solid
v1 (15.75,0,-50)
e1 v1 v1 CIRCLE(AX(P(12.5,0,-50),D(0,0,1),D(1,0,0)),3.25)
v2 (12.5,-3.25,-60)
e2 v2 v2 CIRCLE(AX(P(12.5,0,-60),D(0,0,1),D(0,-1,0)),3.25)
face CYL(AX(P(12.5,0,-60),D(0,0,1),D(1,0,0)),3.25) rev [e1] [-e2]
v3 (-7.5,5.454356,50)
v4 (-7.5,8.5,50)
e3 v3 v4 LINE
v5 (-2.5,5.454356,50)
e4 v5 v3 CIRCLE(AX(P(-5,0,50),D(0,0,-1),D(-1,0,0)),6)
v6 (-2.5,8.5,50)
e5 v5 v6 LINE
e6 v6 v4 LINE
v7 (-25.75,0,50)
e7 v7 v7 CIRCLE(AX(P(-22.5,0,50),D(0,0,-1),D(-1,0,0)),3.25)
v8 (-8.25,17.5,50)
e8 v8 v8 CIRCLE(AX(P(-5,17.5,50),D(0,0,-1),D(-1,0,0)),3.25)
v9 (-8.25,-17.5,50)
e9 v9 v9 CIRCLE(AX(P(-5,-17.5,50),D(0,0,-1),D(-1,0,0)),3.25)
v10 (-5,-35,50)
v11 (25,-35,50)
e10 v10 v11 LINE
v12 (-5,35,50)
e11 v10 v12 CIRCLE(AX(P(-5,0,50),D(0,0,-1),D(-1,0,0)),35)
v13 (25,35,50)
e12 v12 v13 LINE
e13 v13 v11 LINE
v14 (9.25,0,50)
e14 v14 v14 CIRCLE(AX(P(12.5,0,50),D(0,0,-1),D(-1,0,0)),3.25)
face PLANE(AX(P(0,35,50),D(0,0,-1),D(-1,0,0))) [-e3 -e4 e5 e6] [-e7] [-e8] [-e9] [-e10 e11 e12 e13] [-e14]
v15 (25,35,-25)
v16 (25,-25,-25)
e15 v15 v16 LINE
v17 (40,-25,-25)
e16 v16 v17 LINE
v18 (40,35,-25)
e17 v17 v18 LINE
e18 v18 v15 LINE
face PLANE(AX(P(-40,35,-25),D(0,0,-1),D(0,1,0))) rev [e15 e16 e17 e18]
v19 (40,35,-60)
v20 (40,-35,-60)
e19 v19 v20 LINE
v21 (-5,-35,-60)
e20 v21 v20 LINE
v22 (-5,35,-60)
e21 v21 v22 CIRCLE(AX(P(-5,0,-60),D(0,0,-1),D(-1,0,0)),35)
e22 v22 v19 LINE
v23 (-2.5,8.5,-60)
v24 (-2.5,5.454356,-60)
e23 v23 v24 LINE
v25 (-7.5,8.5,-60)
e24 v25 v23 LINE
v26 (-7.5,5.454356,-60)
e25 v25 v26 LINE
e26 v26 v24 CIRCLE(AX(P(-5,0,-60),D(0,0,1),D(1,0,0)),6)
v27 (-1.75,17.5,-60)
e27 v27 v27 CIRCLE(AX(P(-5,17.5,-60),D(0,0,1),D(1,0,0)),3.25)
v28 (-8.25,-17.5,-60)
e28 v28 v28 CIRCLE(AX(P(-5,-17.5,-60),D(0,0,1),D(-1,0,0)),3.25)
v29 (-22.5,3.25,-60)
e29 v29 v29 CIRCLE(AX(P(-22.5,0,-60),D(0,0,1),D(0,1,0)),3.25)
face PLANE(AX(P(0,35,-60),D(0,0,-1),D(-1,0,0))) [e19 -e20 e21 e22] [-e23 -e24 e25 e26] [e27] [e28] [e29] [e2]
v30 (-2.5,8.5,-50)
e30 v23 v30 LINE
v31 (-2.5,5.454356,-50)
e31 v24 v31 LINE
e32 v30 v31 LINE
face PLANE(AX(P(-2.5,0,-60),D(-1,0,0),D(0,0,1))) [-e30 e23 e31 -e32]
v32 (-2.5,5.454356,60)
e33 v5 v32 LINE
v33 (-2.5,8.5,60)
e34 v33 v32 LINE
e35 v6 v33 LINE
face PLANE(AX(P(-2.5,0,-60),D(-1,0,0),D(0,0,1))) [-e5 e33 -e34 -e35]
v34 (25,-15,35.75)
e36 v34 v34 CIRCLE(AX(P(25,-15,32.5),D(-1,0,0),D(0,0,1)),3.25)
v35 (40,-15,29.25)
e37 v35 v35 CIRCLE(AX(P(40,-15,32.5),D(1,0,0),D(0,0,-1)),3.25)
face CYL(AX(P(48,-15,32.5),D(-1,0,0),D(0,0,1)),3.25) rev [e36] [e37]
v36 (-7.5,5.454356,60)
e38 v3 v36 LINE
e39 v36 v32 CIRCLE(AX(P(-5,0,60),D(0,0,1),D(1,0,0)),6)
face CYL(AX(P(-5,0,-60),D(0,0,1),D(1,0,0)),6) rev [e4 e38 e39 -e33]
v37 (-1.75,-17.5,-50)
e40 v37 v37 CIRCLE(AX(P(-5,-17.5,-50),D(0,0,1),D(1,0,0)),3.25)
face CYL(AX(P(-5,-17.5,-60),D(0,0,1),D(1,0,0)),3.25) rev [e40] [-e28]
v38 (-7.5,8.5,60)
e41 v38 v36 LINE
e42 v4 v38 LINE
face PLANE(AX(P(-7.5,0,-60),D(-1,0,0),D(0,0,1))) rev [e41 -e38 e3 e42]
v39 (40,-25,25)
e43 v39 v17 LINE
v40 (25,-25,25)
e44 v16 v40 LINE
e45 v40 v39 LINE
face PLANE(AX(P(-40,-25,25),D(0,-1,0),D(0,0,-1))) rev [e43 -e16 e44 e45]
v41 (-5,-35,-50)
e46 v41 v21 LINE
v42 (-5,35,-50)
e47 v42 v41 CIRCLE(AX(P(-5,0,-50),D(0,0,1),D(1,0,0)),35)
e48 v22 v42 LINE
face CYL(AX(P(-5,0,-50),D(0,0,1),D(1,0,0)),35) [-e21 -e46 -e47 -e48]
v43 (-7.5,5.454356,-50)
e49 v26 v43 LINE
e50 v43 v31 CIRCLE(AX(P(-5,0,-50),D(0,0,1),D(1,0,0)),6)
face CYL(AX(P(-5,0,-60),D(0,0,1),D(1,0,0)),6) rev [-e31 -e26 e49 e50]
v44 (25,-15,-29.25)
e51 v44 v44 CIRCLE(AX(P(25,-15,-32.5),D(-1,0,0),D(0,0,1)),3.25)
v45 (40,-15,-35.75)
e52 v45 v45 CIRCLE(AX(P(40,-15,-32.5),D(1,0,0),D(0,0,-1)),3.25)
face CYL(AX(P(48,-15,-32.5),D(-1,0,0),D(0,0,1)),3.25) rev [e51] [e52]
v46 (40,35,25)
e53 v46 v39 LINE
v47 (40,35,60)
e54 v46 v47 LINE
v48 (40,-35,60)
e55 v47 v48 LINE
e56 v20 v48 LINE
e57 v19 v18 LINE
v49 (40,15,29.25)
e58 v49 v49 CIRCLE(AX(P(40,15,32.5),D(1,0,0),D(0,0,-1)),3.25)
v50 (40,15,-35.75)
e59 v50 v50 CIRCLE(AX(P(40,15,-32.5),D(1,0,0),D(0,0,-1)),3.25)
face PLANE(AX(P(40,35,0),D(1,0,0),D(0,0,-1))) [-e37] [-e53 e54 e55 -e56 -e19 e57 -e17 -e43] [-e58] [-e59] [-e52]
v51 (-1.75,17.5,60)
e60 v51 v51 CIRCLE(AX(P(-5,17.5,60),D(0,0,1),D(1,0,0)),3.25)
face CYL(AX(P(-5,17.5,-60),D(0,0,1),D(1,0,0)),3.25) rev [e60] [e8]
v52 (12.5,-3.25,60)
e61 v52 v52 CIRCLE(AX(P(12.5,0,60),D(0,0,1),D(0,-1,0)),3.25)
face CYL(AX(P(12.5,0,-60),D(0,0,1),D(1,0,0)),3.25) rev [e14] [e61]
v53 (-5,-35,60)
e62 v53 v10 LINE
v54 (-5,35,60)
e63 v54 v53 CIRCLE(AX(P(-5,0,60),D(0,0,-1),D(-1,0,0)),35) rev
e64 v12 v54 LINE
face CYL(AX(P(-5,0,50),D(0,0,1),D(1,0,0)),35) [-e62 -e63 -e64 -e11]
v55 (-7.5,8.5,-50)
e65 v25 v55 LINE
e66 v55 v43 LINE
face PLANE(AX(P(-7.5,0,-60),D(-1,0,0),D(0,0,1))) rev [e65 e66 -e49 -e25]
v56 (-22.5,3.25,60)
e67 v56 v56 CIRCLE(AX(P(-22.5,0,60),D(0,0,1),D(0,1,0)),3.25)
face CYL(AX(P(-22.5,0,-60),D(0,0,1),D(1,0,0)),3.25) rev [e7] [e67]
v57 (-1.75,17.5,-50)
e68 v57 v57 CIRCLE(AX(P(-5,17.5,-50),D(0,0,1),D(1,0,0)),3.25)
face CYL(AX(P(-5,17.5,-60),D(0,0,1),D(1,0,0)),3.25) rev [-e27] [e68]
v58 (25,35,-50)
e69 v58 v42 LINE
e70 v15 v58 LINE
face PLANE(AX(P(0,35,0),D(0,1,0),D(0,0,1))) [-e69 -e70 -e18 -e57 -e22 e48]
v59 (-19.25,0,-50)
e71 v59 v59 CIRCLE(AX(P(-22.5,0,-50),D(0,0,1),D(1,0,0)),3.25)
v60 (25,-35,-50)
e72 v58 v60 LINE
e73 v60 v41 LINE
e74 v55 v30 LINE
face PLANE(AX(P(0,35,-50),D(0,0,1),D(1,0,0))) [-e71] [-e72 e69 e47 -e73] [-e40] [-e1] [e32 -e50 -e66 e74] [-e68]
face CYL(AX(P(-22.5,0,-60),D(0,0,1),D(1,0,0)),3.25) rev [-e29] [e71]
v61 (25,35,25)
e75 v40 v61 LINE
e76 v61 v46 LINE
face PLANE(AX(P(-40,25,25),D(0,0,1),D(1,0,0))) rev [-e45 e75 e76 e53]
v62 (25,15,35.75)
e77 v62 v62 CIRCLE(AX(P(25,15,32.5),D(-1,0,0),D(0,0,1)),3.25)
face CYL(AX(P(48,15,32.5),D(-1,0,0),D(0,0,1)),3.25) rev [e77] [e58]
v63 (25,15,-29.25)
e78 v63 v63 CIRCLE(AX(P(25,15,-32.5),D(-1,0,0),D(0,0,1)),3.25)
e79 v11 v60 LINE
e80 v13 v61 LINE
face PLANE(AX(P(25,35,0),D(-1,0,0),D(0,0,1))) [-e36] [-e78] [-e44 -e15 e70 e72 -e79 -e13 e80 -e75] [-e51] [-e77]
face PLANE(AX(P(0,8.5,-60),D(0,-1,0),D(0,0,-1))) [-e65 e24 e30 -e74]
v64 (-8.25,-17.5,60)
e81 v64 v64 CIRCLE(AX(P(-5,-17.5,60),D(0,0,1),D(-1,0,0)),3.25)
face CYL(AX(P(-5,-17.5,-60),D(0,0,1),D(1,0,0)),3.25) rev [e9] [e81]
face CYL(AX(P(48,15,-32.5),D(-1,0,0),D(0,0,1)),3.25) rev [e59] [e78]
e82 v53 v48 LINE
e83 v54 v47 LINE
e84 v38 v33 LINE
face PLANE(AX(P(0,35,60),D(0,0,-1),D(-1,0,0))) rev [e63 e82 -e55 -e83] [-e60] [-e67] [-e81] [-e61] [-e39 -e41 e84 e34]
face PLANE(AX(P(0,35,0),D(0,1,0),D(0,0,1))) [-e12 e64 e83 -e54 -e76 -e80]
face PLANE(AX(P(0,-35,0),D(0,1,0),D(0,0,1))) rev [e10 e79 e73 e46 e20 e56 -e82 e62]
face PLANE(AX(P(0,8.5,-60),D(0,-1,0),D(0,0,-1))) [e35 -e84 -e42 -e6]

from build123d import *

# Parameters (mm, degrees)
BOSS_EXTRUDE1_DEPTH = 35
FILLET1_RADIUS      = 35
FILLET1_LENGTH      = 10
FILLET2_RADIUS      = 35
FILLET2_LENGTH      = 10
CUT_EXTRUDE1_DEPTH  = 132.244047484
SKETCH4_R           = 3.25
CUT_EXTRUDE2_DEPTH  = 132.244047484
CIRPATTERN1_COUNT   = 4
CUT_EXTRUDE3_DEPTH  = 106.948100502
SKETCH6_R           = 3.25
CUT_EXTRUDE4_DEPTH  = 23


with BuildPart() as part:
    # Sketch1 → Boss-Extrude1 (new, symmetric)
    with BuildSketch(Plane(origin=(0, 0, 0), x_dir=(1, 0, 0), z_dir=(0, 1, 0))):
        Polygon((25, -50), (-40, -50), (-40, -60), (40, -60), (40, 60), (-40, 60), (-40, 50), (25, 50), align=None)
    extrude(amount=BOSS_EXTRUDE1_DEPTH, both=True)

    # Fillet1: full round fillet: the end face becomes a half cylinder, R = half its width
    fillet1_face = Plane((-40, 0, 55), x_dir=(0, 0, 1), z_dir=(-1, 0, 0))  # on the end face: x along it, z out of the body
    fillet1_slab = fillet1_face.offset(-FILLET1_RADIUS / 2) * Box(FILLET1_LENGTH, 2 * FILLET1_RADIUS, FILLET1_RADIUS, mode=Mode.PRIVATE)  # the body's end, R deep
    fillet1_round = Plane((-5, 0, 55), x_dir=(-1, 0, 0), z_dir=(0, 0, 1)) * Cylinder(FILLET1_RADIUS, FILLET1_LENGTH, mode=Mode.PRIVATE)  # its axis R under the face
    add(fillet1_slab - fillet1_round, mode=Mode.SUBTRACT)

    # Fillet2: full round fillet: the end face becomes a half cylinder, R = half its width
    fillet2_face = Plane((-40, 0, -55), x_dir=(0, 0, -1), z_dir=(-1, 0, 0))  # on the end face: x along it, z out of the body
    fillet2_slab = fillet2_face.offset(-FILLET2_RADIUS / 2) * Box(FILLET2_LENGTH, 2 * FILLET2_RADIUS, FILLET2_RADIUS, mode=Mode.PRIVATE)  # the body's end, R deep
    fillet2_round = Plane((-5, 0, -55), x_dir=(-1, 0, 0), z_dir=(0, 0, -1)) * Cylinder(FILLET2_RADIUS, FILLET2_LENGTH, mode=Mode.PRIVATE)  # its axis R under the face
    add(fillet2_slab - fillet2_round, mode=Mode.SUBTRACT)

    # Sketch2 → Cut-Extrude1 (cut, through all)
    with BuildSketch(Plane.XY.offset(60)):
        with BuildLine():
            Line((-2.5, 8.5), (-7.5, 8.5))
            Line((-7.5, 8.5), (-7.5, 5.454356057))
            ThreePointArc((-7.5, 5.454356057), (-5, 6), (-2.5, 5.454356057))
            Line((-2.5, 5.454356057), (-2.5, 8.5))
        make_face()
        with BuildLine():
            ThreePointArc((-2.5, 5.454356057), (-5, 6), (-7.5, 5.454356057))
            Line((-7.5, 5.454356057), (-7.5, 3.5))
            Line((-7.5, 3.5), (-2.5, 3.5))
            Line((-2.5, 3.5), (-2.5, 5.454356057))
        make_face()
        with BuildLine():
            Line((-7.5, 3.5), (-7.5, 5.454356057))
            ThreePointArc((-7.5, 5.454356057), (-8.240370349, -5.049752469), (1, 0))
            ThreePointArc((1, 0), (0.049752469, 3.240370349), (-2.5, 5.454356057))
            Line((-2.5, 5.454356057), (-2.5, 3.5))
            Line((-2.5, 3.5), (-7.5, 3.5))
        make_face()
    extrude(amount=-CUT_EXTRUDE1_DEPTH, mode=Mode.SUBTRACT)

    # Sketch4 → Cut-Extrude2 (cut, through all)
    with BuildSketch(Plane.XY.offset(60)):
        with Locations((-5, 17.5)):
            Circle(SKETCH4_R)
    cut_extrude2 = extrude(amount=-CUT_EXTRUDE2_DEPTH, mode=Mode.SUBTRACT)

    # CirPattern1: Cut-Extrude2 ×4 about axis
    cirpattern1_axis = Axis((-5, 0, 0), (0, 0, 1))
    for i in range(1, CIRPATTERN1_COUNT):
        add(cut_extrude2.rotate(cirpattern1_axis, i * 360 / CIRPATTERN1_COUNT), mode=Mode.SUBTRACT)

    # Sketch5 → Cut-Extrude3 (cut, through all)
    with BuildSketch(Plane(origin=(40, 0, 0), x_dir=(0, 0, -1), z_dir=(1, 0, 0))):
        Polygon((-25, 25), (-25, 35), (25, 35), (25, 25), (25, -25), (-25, -25), align=None)
    extrude(amount=-CUT_EXTRUDE3_DEPTH, mode=Mode.SUBTRACT)

    # Sketch6 → Cut-Extrude4 (cut)
    with BuildSketch(Plane.ZY.offset(-25)):
        with Locations((-32.5, 15)):
            Circle(SKETCH6_R)
        with Locations((-32.5, -15)):
            Circle(SKETCH6_R)
        with Locations((32.5, -15)):
            Circle(SKETCH6_R)
        with Locations((32.5, 15)):
            Circle(SKETCH6_R)
    extrude(amount=-CUT_EXTRUDE4_DEPTH, mode=Mode.SUBTRACT)


solid = part.part
